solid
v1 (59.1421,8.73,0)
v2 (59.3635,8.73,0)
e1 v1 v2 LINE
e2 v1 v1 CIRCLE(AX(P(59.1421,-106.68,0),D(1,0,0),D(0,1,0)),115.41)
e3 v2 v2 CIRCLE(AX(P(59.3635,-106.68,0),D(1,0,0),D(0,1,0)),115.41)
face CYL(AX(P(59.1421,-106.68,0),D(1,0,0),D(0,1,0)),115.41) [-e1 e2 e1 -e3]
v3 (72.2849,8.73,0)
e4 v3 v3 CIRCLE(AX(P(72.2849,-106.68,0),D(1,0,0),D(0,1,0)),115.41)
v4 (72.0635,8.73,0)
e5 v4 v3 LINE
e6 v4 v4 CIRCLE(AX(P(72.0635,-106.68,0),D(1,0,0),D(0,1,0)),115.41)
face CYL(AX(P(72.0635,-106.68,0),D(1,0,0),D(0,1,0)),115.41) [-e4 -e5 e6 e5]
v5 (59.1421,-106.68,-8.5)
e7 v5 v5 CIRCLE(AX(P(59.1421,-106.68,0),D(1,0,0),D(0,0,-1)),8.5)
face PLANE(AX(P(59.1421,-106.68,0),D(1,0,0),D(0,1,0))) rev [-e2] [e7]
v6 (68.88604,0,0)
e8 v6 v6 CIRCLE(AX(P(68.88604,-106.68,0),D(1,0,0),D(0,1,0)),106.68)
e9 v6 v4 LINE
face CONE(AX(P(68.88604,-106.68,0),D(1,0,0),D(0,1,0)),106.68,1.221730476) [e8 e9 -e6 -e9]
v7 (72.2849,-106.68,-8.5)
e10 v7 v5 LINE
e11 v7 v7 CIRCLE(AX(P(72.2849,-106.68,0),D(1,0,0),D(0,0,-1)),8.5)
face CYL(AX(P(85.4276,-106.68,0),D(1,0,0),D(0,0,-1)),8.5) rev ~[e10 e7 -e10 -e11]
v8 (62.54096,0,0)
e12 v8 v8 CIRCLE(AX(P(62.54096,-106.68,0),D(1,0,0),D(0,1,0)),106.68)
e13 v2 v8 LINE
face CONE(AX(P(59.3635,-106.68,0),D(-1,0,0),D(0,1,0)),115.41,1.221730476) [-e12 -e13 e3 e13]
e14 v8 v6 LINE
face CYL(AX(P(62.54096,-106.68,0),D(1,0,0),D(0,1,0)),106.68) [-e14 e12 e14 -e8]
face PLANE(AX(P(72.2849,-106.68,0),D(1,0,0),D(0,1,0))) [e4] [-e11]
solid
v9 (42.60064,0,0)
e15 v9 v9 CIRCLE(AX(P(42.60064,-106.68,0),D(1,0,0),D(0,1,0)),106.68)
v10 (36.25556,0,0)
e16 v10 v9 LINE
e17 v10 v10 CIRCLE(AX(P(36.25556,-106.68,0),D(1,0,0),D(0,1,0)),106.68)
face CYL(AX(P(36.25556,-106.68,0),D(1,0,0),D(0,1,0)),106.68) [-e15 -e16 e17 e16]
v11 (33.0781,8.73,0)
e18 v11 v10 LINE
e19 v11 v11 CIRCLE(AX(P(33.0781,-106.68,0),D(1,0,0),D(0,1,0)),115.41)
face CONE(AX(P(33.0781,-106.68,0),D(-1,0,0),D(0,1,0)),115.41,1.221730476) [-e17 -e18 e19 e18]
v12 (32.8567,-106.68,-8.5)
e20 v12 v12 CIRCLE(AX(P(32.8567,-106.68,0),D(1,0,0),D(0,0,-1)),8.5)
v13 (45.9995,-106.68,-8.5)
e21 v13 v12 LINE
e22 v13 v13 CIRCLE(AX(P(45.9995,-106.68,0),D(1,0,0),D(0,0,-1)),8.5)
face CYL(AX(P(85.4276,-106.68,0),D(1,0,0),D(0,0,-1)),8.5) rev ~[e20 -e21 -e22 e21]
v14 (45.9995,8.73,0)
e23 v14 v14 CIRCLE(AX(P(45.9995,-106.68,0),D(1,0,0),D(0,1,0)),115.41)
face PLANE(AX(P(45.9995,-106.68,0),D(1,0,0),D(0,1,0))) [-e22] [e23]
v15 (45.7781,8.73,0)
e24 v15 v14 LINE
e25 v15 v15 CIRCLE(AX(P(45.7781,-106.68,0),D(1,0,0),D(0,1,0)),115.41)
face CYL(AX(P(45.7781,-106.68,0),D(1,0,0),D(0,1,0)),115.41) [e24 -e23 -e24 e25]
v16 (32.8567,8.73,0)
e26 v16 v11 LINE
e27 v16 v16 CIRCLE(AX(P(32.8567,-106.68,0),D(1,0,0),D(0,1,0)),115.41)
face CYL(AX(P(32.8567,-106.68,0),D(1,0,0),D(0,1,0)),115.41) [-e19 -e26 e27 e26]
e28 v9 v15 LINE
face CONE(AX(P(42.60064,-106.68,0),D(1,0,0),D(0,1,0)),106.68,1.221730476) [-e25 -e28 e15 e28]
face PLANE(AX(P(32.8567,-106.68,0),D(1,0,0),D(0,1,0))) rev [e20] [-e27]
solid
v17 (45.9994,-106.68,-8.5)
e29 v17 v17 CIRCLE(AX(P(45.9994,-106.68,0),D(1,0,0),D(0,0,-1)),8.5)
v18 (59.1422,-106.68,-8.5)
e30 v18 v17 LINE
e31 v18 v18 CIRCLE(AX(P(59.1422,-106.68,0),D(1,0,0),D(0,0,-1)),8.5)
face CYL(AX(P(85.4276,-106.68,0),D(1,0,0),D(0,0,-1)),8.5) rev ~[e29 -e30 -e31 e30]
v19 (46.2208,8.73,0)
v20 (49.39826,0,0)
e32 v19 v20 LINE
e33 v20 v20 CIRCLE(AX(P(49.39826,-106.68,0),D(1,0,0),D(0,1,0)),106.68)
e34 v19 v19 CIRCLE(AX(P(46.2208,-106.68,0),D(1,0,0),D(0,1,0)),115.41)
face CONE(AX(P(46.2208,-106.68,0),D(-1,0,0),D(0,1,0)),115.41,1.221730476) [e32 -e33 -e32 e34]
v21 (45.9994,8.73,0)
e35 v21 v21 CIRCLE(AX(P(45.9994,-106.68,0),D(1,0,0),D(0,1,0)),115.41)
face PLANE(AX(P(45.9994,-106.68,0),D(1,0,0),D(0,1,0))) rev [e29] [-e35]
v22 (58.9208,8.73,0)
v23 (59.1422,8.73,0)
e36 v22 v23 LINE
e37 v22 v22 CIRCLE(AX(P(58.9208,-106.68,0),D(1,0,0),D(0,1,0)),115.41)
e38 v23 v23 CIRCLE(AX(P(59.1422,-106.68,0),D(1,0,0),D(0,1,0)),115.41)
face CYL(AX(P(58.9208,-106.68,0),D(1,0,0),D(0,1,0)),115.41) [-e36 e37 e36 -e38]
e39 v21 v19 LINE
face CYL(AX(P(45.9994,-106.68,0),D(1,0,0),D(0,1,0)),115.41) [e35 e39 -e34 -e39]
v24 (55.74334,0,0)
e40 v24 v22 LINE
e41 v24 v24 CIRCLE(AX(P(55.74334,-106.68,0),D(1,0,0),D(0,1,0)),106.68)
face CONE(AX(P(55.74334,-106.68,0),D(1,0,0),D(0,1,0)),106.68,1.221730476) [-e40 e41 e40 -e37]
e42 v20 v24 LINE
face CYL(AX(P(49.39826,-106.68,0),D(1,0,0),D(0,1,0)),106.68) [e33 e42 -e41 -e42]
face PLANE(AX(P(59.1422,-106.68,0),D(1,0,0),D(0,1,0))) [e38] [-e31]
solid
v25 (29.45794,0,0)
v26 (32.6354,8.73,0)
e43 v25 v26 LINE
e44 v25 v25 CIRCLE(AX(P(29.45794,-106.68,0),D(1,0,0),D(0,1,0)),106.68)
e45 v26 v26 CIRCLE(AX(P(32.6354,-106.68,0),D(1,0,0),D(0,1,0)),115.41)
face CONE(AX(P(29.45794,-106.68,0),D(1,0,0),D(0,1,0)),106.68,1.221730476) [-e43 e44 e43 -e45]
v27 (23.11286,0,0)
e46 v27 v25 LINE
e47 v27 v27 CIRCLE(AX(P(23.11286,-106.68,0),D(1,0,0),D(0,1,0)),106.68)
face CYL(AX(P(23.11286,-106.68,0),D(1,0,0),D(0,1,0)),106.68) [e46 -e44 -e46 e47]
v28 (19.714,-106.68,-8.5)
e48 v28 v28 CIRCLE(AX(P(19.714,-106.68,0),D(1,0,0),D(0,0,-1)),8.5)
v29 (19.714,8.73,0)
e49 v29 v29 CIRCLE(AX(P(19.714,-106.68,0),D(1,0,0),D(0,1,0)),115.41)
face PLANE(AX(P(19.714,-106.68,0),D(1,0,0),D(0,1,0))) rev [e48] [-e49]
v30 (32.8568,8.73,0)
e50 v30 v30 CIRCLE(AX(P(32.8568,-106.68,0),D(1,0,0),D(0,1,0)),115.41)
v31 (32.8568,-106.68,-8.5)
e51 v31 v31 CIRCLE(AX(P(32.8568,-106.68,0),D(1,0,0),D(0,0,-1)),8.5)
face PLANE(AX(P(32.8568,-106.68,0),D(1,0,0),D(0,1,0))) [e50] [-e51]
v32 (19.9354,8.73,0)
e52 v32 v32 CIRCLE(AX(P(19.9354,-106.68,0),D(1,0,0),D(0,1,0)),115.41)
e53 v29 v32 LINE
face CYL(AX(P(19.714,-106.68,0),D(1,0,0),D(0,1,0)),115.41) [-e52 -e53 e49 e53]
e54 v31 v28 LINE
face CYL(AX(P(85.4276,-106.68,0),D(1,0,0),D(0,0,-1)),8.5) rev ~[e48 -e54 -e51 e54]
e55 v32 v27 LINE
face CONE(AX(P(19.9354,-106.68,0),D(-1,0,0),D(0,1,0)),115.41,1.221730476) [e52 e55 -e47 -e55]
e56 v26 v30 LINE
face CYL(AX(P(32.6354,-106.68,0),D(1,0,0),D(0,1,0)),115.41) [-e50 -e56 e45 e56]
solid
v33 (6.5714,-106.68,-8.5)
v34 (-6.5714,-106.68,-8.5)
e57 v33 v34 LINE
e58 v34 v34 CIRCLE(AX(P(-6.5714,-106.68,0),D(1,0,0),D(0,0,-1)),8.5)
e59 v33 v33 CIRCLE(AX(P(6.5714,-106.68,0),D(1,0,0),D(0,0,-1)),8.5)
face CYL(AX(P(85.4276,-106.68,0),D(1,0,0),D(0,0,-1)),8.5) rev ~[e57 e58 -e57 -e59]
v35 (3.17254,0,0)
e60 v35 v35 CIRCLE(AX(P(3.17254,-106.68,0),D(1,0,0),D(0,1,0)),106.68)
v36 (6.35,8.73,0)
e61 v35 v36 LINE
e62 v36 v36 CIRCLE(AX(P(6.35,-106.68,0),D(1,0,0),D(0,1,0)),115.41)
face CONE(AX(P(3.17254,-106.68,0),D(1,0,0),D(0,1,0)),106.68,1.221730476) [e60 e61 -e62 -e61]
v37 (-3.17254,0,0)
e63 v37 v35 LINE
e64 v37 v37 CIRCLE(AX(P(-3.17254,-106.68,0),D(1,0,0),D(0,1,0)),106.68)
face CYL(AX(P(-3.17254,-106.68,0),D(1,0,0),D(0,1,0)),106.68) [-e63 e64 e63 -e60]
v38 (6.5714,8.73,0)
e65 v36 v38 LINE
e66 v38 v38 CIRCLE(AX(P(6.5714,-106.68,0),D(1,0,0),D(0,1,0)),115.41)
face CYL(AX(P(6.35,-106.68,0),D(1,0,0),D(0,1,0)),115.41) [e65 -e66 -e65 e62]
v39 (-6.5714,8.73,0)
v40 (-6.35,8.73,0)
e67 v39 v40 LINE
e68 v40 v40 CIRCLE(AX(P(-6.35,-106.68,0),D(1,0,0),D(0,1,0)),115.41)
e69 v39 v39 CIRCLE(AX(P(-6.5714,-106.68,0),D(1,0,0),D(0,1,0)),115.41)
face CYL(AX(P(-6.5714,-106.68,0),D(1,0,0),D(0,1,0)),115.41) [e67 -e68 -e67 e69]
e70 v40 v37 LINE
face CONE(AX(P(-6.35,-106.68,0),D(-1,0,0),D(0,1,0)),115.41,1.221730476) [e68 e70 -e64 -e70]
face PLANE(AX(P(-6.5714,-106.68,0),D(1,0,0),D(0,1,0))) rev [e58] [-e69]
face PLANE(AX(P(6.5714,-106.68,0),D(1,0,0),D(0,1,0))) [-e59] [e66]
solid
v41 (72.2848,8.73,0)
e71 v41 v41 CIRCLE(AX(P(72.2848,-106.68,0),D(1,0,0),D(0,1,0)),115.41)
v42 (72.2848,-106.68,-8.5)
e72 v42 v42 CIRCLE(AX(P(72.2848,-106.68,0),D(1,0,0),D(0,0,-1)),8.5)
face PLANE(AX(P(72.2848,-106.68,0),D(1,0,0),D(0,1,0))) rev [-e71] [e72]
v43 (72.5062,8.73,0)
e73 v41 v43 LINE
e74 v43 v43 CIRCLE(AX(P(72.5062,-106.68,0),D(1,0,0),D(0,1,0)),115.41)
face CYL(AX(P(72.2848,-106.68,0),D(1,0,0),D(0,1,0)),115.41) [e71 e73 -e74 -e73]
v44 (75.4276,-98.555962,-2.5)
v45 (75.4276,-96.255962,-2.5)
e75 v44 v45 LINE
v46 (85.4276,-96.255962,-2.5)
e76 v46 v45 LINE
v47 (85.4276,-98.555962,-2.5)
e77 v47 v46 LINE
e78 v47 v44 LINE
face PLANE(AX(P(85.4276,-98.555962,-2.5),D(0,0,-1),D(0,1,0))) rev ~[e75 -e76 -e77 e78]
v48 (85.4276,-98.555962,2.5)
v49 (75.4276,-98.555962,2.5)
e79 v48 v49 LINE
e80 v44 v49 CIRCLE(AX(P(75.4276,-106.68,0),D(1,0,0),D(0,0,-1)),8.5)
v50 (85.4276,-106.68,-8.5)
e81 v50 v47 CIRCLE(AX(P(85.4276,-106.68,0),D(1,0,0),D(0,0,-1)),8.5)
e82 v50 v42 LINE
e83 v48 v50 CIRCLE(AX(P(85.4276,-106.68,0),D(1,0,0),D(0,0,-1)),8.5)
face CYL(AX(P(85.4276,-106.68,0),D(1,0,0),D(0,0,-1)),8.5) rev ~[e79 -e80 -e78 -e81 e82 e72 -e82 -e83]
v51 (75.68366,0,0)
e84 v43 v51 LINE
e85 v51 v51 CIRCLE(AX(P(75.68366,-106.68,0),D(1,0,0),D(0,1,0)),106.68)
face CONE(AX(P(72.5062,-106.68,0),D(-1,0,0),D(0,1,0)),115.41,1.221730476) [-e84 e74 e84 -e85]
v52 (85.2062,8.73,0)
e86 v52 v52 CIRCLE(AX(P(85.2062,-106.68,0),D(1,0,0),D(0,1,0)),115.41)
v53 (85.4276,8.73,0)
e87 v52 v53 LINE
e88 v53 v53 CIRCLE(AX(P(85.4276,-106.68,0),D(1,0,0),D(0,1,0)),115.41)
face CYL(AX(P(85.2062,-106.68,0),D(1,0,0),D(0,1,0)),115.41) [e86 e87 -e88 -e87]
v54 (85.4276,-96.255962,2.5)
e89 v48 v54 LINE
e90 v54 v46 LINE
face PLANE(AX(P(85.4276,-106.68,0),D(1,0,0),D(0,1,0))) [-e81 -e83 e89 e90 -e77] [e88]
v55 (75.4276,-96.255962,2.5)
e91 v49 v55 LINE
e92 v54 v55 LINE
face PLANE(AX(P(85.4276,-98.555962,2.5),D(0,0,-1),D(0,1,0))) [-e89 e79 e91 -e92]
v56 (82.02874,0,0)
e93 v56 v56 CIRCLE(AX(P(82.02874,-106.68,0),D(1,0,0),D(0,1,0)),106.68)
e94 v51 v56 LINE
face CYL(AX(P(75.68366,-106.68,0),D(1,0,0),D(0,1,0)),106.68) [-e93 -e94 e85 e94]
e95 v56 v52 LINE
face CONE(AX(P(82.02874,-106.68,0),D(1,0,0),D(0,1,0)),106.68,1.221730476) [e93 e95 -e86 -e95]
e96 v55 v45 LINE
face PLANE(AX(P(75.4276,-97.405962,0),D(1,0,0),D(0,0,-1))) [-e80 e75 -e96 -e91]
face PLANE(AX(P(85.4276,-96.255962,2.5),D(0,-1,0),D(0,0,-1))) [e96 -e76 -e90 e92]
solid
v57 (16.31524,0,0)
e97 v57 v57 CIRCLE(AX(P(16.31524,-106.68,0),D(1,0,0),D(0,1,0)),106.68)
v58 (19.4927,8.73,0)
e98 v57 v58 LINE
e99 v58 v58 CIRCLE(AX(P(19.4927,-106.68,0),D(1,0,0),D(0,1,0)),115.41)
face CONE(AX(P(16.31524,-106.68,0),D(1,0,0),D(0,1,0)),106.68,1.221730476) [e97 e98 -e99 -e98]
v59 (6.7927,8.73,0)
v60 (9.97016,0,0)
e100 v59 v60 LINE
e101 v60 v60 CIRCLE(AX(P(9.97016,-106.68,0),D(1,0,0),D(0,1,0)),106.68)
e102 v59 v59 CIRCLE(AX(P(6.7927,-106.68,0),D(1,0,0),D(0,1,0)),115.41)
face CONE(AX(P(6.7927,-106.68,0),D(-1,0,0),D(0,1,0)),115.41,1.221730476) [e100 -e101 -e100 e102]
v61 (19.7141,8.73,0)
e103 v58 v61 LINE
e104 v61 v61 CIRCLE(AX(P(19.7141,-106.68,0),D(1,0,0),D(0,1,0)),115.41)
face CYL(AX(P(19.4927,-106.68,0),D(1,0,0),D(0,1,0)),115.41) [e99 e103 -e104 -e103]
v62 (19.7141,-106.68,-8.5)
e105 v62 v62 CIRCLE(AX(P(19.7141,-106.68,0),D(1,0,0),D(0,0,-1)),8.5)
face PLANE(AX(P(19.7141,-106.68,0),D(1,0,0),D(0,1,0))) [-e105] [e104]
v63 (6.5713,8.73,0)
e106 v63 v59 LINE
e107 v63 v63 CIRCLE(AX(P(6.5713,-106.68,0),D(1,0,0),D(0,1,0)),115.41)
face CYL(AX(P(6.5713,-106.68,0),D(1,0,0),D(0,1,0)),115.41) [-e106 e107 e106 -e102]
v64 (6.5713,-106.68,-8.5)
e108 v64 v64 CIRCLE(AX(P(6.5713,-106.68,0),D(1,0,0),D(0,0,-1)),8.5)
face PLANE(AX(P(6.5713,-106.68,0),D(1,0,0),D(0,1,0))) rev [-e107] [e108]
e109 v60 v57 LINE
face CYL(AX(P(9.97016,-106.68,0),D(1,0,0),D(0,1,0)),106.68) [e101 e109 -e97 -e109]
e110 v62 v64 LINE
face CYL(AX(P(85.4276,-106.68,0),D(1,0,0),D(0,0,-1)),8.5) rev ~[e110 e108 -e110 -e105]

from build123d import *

# Parameters (mm, degrees)
LPATTERN1_COUNT    = 7
LPATTERN1_PITCH    = 13.1427
SKETCH2_R          = 8.5
CUT_EXTRUDE1_DEPTH = 92.999
SKETCH3_W          = 5
SKETCH3_H          = 2.3
CUT_EXTRUDE2_DEPTH = 10


with BuildPart() as part:
    # Sketch1 → Revolve1 (revolve)
    with BuildSketch(Plane.XY):
        Polygon((-3.172539855, 0), (3.172539855, 0), (6.35, 8.73), (6.5714, 8.73), (6.5714, -106.68), (-6.5714, -106.68), (-6.5714, 8.73), (-6.35, 8.73), align=None)
    revolve(axis=Axis((-6.5714, -106.68, 0), (1, 0, 0)))


with BuildPart() as lpattern1_1:
    # LPattern1: pattern copy
    add(part.part.moved(Location(Vector(1, 0, 0) * (1 * LPATTERN1_PITCH))))


with BuildPart() as lpattern1_2:
    # LPattern1: pattern copy
    add(part.part.moved(Location(Vector(1, 0, 0) * (2 * LPATTERN1_PITCH))))


with BuildPart() as lpattern1_3:
    # LPattern1: pattern copy
    add(part.part.moved(Location(Vector(1, 0, 0) * (3 * LPATTERN1_PITCH))))


with BuildPart() as lpattern1_4:
    # LPattern1: pattern copy
    add(part.part.moved(Location(Vector(1, 0, 0) * (4 * LPATTERN1_PITCH))))


with BuildPart() as lpattern1_5:
    # LPattern1: pattern copy
    add(part.part.moved(Location(Vector(1, 0, 0) * (5 * LPATTERN1_PITCH))))


with BuildPart() as lpattern1_6:
    # LPattern1: pattern copy
    add(part.part.moved(Location(Vector(1, 0, 0) * (6 * LPATTERN1_PITCH))))


with BuildPart() as cut_extrude1_tool:
    # Sketch2 → Cut-Extrude1 (new body, through all)
    with BuildSketch(Plane(origin=(85.4276, 0, 0), x_dir=(0, 0, -1), z_dir=(1, 0, 0))):
        with Locations((0, -106.68)):
            Circle(SKETCH2_R)
    extrude(amount=-CUT_EXTRUDE1_DEPTH)


with BuildPart() as part_1:
    add(part.part)

    # Cut-Extrude1: cut by cut_extrude1_tool
    add(cut_extrude1_tool.part, mode=Mode.SUBTRACT)


with BuildPart() as lpattern1_1_1:
    add(lpattern1_1.part)

    # Cut-Extrude1: cut by cut_extrude1_tool
    add(cut_extrude1_tool.part, mode=Mode.SUBTRACT)


with BuildPart() as lpattern1_2_1:
    add(lpattern1_2.part)

    # Cut-Extrude1: cut by cut_extrude1_tool
    add(cut_extrude1_tool.part, mode=Mode.SUBTRACT)


with BuildPart() as lpattern1_3_1:
    add(lpattern1_3.part)

    # Cut-Extrude1: cut by cut_extrude1_tool
    add(cut_extrude1_tool.part, mode=Mode.SUBTRACT)


with BuildPart() as lpattern1_4_1:
    add(lpattern1_4.part)

    # Cut-Extrude1: cut by cut_extrude1_tool
    add(cut_extrude1_tool.part, mode=Mode.SUBTRACT)


with BuildPart() as lpattern1_5_1:
    add(lpattern1_5.part)

    # Cut-Extrude1: cut by cut_extrude1_tool
    add(cut_extrude1_tool.part, mode=Mode.SUBTRACT)


with BuildPart() as lpattern1_6_1:
    add(lpattern1_6.part)

    # Cut-Extrude1: cut by cut_extrude1_tool
    add(cut_extrude1_tool.part, mode=Mode.SUBTRACT)

    # Sketch3 → Cut-Extrude2 (cut)
    with BuildSketch(Plane(origin=(85.4276, 0, 0), x_dir=(0, 0, -1), z_dir=(1, 0, 0))):
        with Locations((0, -97.405961595)):
            Rectangle(SKETCH3_W, SKETCH3_H)
    extrude(amount=-CUT_EXTRUDE2_DEPTH, mode=Mode.SUBTRACT)


solid = Compound([part_1.part, lpattern1_1_1.part, lpattern1_2_1.part, lpattern1_3_1.part, lpattern1_4_1.part, lpattern1_5_1.part, lpattern1_6_1.part])
